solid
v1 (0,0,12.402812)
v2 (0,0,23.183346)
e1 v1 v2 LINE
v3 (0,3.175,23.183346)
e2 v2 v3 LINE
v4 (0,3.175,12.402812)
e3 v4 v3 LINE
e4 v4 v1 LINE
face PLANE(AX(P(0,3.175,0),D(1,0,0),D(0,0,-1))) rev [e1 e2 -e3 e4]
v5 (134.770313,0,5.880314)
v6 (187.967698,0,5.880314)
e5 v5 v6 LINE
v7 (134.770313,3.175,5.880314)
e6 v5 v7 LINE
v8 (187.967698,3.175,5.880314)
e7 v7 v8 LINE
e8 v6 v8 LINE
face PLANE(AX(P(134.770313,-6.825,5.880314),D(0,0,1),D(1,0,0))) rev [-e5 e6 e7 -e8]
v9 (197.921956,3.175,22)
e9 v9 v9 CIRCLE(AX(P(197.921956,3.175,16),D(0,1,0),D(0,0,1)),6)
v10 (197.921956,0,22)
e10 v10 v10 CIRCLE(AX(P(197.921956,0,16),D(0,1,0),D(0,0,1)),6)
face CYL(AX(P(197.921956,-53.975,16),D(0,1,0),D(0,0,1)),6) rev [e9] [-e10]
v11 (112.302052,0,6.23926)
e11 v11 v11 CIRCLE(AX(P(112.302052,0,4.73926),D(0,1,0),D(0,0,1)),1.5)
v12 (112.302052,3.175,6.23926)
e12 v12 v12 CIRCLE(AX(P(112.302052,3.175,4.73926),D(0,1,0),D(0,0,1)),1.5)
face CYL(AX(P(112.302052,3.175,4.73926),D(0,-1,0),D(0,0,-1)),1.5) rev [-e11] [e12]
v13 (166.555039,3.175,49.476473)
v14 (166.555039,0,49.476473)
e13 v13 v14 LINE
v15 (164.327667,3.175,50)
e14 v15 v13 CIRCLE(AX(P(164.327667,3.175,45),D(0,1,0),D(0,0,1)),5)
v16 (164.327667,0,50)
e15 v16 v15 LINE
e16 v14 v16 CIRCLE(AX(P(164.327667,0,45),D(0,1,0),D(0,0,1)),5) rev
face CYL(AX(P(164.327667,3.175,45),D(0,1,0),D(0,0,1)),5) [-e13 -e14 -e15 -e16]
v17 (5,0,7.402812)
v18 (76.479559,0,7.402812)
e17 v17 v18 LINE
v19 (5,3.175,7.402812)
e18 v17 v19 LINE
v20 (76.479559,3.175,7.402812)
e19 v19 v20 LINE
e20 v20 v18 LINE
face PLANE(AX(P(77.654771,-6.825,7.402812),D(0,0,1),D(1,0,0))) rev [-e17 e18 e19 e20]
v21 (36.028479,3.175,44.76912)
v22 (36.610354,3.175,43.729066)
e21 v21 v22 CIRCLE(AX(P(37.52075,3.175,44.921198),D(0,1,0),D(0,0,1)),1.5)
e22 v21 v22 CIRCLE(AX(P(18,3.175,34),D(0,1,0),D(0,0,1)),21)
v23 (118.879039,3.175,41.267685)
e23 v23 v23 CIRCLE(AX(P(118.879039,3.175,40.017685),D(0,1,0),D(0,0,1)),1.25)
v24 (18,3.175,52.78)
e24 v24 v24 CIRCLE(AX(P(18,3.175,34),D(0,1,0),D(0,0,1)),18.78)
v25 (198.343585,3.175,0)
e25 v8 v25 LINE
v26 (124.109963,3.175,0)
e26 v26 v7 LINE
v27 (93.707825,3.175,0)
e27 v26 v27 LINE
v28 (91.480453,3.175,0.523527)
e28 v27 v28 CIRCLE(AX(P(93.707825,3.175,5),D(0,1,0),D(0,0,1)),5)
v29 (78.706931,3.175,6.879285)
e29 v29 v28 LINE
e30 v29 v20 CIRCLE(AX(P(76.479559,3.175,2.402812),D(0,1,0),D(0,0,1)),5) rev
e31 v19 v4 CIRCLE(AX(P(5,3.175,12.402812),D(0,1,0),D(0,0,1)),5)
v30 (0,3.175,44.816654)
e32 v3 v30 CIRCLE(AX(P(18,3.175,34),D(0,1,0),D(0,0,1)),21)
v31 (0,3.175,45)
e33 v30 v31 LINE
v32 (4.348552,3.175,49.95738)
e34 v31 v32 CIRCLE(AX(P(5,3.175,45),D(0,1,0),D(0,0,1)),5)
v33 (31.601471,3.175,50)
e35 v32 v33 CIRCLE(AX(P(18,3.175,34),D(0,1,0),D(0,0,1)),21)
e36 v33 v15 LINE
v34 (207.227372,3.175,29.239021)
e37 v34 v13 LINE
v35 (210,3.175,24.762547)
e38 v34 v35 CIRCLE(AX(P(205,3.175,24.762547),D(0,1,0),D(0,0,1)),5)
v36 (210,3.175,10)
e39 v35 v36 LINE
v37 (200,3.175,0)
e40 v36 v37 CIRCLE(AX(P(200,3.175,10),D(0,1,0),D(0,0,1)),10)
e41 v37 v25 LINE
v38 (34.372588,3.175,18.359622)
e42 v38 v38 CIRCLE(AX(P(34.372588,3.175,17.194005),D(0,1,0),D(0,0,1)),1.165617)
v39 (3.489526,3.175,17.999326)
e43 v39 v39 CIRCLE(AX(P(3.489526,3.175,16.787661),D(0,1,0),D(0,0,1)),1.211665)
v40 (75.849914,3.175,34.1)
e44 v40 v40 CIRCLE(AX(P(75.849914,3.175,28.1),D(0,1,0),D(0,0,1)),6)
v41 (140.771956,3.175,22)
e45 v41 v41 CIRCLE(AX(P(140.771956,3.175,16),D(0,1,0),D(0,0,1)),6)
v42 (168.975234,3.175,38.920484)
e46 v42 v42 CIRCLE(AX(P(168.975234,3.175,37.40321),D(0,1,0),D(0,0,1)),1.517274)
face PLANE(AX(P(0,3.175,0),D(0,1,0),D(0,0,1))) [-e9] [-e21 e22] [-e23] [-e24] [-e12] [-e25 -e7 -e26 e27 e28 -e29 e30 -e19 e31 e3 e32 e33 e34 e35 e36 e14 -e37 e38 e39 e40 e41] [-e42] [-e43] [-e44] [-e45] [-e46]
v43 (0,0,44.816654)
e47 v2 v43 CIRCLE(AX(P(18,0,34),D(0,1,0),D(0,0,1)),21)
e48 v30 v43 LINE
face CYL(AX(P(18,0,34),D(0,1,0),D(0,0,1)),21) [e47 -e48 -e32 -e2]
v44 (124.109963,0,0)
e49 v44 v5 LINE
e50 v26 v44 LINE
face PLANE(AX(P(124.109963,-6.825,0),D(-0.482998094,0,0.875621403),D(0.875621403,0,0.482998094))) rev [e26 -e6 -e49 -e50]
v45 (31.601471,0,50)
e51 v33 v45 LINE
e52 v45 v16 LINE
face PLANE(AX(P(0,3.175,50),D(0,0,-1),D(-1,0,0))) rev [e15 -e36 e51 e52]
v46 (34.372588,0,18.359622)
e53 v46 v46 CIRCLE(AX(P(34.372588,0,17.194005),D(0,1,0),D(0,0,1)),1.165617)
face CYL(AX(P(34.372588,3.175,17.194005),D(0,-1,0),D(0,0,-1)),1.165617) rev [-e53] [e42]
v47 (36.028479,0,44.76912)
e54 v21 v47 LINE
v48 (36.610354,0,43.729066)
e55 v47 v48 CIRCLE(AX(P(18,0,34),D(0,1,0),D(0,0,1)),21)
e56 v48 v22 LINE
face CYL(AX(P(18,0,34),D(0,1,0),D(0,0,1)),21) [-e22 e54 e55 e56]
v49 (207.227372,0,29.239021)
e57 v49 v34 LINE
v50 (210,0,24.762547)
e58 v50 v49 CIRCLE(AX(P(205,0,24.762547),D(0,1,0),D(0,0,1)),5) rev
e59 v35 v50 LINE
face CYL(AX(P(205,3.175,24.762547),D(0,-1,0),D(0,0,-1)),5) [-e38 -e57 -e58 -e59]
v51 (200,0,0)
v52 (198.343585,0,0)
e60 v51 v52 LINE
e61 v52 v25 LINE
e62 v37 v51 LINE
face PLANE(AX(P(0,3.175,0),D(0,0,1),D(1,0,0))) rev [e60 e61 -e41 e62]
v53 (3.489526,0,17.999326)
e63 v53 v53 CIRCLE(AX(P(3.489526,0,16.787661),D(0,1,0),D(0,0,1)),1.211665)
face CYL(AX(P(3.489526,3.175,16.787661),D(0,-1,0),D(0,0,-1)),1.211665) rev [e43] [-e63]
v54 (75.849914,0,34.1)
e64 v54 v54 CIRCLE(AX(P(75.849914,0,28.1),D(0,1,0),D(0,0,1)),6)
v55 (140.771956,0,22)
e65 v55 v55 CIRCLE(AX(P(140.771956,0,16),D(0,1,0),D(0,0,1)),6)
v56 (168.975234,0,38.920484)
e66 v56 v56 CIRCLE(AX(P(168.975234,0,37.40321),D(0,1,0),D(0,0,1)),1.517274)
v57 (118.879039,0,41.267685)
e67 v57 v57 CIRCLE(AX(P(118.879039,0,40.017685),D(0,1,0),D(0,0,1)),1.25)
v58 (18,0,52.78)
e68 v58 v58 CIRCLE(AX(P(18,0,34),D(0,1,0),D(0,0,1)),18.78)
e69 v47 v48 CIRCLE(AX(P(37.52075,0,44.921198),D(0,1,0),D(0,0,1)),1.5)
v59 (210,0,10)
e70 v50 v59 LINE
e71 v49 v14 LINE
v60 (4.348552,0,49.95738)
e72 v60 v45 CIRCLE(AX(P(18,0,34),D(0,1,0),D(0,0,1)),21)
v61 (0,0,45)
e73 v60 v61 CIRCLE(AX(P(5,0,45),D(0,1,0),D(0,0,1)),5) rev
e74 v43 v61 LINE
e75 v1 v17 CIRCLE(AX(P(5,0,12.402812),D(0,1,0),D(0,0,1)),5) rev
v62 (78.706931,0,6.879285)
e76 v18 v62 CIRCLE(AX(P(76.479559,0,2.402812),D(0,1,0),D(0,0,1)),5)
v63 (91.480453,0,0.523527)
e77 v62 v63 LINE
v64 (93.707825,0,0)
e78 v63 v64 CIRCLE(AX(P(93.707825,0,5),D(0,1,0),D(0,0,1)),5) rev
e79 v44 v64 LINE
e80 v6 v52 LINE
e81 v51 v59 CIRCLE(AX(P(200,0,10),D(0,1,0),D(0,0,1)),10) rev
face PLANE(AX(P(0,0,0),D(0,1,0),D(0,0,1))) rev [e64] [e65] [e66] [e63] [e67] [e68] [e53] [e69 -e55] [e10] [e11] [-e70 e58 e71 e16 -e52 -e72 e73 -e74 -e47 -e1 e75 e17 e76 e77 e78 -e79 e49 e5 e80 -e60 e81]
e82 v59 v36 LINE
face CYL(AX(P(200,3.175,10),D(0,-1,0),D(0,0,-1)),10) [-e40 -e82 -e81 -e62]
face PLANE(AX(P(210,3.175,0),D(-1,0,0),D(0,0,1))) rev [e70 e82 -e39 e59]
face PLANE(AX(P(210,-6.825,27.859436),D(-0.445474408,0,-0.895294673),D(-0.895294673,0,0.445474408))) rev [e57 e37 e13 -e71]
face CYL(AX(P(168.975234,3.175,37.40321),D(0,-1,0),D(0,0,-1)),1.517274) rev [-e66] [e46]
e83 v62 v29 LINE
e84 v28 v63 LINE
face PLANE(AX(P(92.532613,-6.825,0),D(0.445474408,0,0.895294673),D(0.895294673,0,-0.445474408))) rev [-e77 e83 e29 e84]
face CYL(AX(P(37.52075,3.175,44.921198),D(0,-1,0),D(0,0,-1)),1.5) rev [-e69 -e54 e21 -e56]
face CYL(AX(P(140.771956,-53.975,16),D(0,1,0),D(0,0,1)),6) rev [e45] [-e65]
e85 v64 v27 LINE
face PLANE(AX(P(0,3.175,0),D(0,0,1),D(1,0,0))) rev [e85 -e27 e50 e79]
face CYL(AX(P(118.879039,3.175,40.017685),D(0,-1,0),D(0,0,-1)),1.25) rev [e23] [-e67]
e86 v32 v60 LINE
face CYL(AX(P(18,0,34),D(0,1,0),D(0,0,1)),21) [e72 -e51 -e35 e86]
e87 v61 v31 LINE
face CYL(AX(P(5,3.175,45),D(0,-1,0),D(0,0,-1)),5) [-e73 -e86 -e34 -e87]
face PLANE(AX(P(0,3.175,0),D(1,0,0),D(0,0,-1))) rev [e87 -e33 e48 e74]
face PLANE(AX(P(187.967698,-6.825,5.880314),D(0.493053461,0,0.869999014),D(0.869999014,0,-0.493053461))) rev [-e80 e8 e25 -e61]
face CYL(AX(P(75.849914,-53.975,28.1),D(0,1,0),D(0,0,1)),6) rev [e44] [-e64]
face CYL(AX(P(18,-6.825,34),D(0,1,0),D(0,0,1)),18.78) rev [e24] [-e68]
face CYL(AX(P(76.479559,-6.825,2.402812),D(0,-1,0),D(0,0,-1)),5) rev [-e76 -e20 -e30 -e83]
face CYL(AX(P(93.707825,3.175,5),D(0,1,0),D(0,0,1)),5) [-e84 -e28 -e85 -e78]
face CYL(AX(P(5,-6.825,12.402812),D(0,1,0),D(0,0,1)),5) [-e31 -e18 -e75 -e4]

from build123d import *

# Parameters (mm, degrees)
SKETCH1_W           = 210
SKETCH1_H           = 50
SKETCH1_R           = 1.211665018
SKETCH1_R_2         = 1.165617118
SKETCH1_R_3         = 1.5
SKETCH1_R_4         = 1.25
SKETCH1_R_5         = 1.517273905
BOSS_EXTRUDE1_DEPTH = 3.175
SKETCH2_R           = 2
CUT_EXTRUDE1_DEPTH  = 10
SKETCH3_R           = 6
SKETCH3_R_2         = 0.586995366
CUT_EXTRUDE2_DEPTH  = 57.15
CUT_EXTRUDE7_DEPTH  = 10
FILLET3_R           = 5
SKETCH11_R          = 21
SKETCH11_R_2        = 2
BOSS_EXTRUDE4_DEPTH = 3.175
SKETCH12_R          = 18.78
CUT_EXTRUDE8_DEPTH  = 10
FILLET4_R           = 10


with BuildPart() as part:
    # Sketch1 → Boss-Extrude1 (new body)
    with BuildSketch(Plane(origin=(0, 0, 0), x_dir=(1, 0, 0), z_dir=(0, 1, 0))):
        with Locations((105, -25)):
            Rectangle(SKETCH1_W, SKETCH1_H)
        with Locations(Location((3.489526233, -16.787661112, 0), (0, 0, 270))):
            Circle(SKETCH1_R, mode=Mode.SUBTRACT)
        with Locations(Location((34.37258772, -17.194005245, 0), (0, 0, 270))):
            Circle(SKETCH1_R_2, mode=Mode.SUBTRACT)
        with Locations(Location((37.520749958, -44.921198121, 0), (0, 0, 270))):
            Circle(SKETCH1_R_3, mode=Mode.SUBTRACT)
        with Locations(Location((118.879039361, -40.017685043, 0), (0, 0, 270))):
            Circle(SKETCH1_R_4, mode=Mode.SUBTRACT)
        with Locations(Location((112.302052499, -4.739260115, 0), (0, 0, 270))):
            Circle(SKETCH1_R_3, mode=Mode.SUBTRACT)
        with Locations(Location((168.975233936, -37.403209633, 0), (0, 0, 270))):
            Circle(SKETCH1_R_5, mode=Mode.SUBTRACT)
    extrude(amount=BOSS_EXTRUDE1_DEPTH)

    # Sketch2 → Cut-Extrude1 (cut)
    with BuildSketch(Plane(origin=(0, 3.175, 0), x_dir=(1, 0, 0), z_dir=(0, 1, 0))):
        with Locations(Location((10, -26, 0), (0, 0, 270))):
            Circle(SKETCH2_R)
        with Locations(Location((10, -42, 0), (0, 0, 270))):
            Circle(SKETCH2_R)
        with Locations(Location((26, -26, 0), (0, 0, 270))):
            Circle(SKETCH2_R)
        with Locations(Location((26, -42, 0), (0, 0, 270))):
            Circle(SKETCH2_R)
    extrude(amount=-CUT_EXTRUDE1_DEPTH, mode=Mode.SUBTRACT)

    # Sketch3 → Cut-Extrude2 (cut)
    with BuildSketch(Plane(origin=(0, 3.175, 0), x_dir=(1, 0, 0), z_dir=(0, 1, 0))):
        with Locations(Location((75.84991357, -28.1, 0), (0, 0, 270))):
            Circle(SKETCH3_R)
        with Locations(Location((140.771956051, -16, 0), (0, 0, 270))):
            Circle(SKETCH3_R)
        with Locations(Location((18, -34, 0), (0, 0, 270))):
            Circle(SKETCH3_R_2)
        with Locations(Location((197.921956051, -16, 0), (0, 0, 270))):
            Circle(SKETCH3_R)
    extrude(amount=-CUT_EXTRUDE2_DEPTH, mode=Mode.SUBTRACT)

    # Sketch10 → Cut-Extrude7 (cut)
    with BuildSketch(Plane(origin=(0, 3.175, 0), x_dir=(1, 0, 0), z_dir=(0, 1, 0))):
        Polygon((210, -27.859435908), (165.502877994, -50), (210, -50), align=None)
        Polygon((92.532613397, 0), (77.65477062, -7.402812063), (0, -7.402812063), (0, 0), align=None)
        Polygon((124.109963401, 0), (134.770313295, -5.880313872), (187.967697751, -5.880313872), (198.343585303, 0), align=None)
    extrude(amount=-CUT_EXTRUDE7_DEPTH, mode=Mode.SUBTRACT)

    # Fillet3
    fillet3_edges = [part.edges().sort_by_distance(p)[0] for p in [
        (0, 1.5875, 7.402812063),
        (0, 1.5875, 50),
        (92.532613397, 1.5875, 0),
        (210, 1.5875, 27.859435908),
        (165.502877994, 1.5875, 50),
        (77.65477062, 1.5875, 7.402812063),
    ]]
    fillet(fillet3_edges, radius=FILLET3_R)

    # Sketch11 → Boss-Extrude4 (add)
    with BuildSketch(Plane(origin=(0, 3.175, 0), x_dir=(1, 0, 0), z_dir=(0, 1, 0))):
        with Locations((18, -34)):
            Circle(SKETCH11_R)
        with Locations(Location((10, -26, 0), (0, 0, 270))):
            Circle(SKETCH11_R_2, mode=Mode.SUBTRACT)
        with Locations(Location((10, -42, 0), (0, 0, 270))):
            Circle(SKETCH11_R_2, mode=Mode.SUBTRACT)
        with Locations(Location((26, -26, 0), (0, 0, 270))):
            Circle(SKETCH11_R_2, mode=Mode.SUBTRACT)
        with Locations(Location((26, -42, 0), (0, 0, 270))):
            Circle(SKETCH11_R_2, mode=Mode.SUBTRACT)
    extrude(amount=-BOSS_EXTRUDE4_DEPTH)

    # Sketch12 → Cut-Extrude8 (cut)
    with BuildSketch(Plane(origin=(0, 3.175, 0), x_dir=(1, 0, 0), z_dir=(0, 1, 0))):
        with Locations(Location((18, -34, 0), (0, 0, 270))):
            Circle(SKETCH12_R)
    extrude(amount=-CUT_EXTRUDE8_DEPTH, mode=Mode.SUBTRACT)

    # Fillet4
    fillet4_edges = [part.edges().sort_by_distance(p)[0] for p in [
        (210, 1.5875, 0),
    ]]
    fillet(fillet4_edges, radius=FILLET4_R)


solid = part.part
